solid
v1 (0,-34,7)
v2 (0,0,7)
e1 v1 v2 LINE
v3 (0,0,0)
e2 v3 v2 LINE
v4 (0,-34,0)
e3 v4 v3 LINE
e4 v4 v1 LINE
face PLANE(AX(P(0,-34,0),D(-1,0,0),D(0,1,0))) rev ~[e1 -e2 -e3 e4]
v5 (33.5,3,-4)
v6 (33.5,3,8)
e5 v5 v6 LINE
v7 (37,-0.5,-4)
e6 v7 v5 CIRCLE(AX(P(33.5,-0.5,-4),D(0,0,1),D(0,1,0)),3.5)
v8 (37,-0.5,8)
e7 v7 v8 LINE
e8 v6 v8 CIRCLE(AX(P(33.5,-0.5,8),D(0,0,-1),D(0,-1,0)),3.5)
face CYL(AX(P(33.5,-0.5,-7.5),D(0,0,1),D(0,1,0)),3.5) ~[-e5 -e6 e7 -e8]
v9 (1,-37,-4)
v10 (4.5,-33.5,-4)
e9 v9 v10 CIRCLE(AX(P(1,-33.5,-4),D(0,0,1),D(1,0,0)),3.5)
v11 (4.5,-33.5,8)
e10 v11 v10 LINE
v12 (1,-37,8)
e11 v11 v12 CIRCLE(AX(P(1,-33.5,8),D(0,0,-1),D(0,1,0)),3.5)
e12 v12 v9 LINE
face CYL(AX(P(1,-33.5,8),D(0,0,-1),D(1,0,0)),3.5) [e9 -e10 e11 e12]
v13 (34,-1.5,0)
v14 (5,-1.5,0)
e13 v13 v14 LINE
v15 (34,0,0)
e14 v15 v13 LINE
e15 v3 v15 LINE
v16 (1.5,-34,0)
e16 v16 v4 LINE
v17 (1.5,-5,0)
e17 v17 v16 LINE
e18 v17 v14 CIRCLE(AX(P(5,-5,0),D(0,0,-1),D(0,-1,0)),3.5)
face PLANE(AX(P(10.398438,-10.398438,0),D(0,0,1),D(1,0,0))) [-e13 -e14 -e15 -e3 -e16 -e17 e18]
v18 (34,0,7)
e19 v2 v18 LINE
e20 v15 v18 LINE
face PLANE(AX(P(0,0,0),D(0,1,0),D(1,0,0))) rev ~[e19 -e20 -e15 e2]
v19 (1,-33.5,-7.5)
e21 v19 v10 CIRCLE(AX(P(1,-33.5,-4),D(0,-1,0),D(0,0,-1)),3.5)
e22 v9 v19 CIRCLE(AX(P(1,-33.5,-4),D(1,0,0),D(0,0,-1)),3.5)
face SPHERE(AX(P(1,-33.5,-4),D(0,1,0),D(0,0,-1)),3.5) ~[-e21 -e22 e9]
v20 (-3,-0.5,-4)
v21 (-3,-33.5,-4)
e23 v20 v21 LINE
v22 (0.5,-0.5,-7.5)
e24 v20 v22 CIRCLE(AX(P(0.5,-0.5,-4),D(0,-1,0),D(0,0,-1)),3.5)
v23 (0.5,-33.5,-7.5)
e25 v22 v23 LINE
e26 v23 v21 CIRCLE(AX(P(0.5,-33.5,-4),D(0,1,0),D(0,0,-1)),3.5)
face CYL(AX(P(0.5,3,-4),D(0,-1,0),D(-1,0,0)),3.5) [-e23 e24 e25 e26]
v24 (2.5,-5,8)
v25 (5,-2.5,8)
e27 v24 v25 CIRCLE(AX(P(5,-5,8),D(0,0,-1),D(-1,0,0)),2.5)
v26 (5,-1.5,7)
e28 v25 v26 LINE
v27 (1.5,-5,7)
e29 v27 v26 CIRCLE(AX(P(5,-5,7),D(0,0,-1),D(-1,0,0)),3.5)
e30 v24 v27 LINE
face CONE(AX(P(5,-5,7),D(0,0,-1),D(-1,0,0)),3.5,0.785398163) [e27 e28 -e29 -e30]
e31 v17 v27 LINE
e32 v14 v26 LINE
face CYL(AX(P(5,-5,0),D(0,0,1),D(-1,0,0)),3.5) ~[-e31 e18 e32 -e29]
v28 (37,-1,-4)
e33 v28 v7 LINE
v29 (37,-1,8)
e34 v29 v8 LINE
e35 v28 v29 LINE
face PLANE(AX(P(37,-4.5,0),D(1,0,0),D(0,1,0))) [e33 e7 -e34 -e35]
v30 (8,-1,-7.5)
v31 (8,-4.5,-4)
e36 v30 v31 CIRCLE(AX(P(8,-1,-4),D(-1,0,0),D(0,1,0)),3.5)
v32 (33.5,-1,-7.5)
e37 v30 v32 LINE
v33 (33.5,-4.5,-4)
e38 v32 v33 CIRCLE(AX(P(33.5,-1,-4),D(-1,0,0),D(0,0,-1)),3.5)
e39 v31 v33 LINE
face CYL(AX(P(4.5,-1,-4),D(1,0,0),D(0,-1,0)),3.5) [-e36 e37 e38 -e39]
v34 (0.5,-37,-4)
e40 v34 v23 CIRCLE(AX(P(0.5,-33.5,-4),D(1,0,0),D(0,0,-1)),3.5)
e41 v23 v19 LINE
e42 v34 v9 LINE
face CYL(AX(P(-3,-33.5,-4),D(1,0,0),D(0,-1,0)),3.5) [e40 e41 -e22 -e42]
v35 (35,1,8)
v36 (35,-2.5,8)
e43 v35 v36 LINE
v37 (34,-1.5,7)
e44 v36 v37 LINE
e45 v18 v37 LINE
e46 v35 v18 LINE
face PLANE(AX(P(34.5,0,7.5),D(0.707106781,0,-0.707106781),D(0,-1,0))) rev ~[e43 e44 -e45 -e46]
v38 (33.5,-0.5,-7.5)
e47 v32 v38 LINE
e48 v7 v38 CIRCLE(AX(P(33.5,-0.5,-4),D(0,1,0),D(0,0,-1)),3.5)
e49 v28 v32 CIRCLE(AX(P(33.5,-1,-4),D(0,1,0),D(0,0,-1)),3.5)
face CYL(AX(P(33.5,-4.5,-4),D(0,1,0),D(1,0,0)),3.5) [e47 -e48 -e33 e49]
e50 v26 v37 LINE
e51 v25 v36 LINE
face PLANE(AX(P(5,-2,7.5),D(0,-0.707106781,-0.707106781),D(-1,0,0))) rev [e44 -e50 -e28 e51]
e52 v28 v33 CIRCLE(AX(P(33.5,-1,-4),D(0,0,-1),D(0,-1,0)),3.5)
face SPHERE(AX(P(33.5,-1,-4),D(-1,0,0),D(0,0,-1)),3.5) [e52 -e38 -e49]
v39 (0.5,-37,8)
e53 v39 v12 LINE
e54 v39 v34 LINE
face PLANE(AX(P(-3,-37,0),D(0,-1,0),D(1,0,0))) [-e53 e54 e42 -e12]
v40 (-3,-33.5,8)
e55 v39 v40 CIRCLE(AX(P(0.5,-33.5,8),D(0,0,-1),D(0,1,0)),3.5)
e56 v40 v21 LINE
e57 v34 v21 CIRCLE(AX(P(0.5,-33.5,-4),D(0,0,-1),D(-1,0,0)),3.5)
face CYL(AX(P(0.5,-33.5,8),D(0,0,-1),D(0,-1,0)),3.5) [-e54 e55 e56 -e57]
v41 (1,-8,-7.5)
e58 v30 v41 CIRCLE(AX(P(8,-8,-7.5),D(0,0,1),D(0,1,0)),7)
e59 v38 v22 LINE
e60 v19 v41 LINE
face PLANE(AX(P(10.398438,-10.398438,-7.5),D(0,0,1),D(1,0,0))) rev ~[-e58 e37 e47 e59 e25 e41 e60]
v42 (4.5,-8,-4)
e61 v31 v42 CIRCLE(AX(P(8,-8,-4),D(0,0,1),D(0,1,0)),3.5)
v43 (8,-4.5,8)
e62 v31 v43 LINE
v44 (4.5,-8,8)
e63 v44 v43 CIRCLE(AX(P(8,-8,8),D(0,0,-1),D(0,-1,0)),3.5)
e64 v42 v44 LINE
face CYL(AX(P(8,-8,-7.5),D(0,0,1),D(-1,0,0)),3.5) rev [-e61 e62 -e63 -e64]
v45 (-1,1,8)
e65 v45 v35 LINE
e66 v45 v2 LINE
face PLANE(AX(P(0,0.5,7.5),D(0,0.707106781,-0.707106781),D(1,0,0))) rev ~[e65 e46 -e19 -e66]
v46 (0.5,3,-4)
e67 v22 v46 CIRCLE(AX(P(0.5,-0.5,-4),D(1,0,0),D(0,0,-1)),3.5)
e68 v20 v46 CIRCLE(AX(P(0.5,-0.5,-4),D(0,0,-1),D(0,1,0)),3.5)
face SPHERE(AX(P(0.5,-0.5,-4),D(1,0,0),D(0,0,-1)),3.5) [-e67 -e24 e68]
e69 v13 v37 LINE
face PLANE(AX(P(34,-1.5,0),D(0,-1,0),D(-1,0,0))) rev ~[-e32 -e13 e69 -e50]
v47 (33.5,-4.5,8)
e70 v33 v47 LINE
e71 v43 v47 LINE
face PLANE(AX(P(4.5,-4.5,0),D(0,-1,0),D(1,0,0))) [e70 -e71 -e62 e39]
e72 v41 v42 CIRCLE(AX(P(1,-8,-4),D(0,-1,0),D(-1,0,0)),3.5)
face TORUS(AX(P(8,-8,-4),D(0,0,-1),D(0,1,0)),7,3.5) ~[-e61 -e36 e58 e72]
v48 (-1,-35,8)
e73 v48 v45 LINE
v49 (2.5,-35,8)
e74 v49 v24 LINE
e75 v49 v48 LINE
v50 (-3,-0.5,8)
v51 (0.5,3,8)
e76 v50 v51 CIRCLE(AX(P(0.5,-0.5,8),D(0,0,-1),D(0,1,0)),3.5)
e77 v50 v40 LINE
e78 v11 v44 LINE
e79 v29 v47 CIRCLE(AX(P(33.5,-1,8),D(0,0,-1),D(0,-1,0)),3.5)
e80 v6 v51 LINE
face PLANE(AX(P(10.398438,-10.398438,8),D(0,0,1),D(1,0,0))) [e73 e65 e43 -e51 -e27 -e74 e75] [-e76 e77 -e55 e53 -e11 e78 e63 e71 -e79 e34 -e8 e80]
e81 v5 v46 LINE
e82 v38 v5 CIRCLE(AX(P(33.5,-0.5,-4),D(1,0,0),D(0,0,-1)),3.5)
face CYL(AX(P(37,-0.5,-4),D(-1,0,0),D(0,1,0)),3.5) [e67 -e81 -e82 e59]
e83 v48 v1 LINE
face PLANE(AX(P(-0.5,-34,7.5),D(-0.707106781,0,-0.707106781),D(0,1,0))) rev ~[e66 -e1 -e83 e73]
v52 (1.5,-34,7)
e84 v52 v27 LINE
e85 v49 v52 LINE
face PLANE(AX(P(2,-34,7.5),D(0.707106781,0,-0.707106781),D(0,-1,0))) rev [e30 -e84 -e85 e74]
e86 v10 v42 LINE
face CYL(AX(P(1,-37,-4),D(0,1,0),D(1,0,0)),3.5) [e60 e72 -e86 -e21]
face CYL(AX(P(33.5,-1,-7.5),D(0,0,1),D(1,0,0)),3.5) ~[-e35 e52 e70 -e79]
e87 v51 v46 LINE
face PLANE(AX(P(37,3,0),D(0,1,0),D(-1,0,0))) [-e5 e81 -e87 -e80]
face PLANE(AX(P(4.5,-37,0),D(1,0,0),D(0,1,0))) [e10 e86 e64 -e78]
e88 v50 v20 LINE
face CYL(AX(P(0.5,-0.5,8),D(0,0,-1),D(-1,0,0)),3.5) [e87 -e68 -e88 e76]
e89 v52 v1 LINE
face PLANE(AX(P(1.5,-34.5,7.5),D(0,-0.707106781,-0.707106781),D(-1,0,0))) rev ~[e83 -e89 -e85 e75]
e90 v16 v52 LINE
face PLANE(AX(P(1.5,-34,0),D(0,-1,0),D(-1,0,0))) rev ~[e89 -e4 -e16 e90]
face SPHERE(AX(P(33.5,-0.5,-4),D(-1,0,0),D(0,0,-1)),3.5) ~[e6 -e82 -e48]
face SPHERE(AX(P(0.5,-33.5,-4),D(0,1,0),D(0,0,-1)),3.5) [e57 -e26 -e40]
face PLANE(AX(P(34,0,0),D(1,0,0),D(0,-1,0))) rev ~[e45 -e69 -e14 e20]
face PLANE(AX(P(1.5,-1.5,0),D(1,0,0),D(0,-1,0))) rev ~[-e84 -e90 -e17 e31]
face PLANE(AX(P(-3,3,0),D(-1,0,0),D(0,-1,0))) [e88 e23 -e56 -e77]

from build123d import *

# Parameters (mm, degrees)
F1_DEPTH = 8
F2_DEPTH = 7.5
F3_R     = 3.5
F4_SIZE  = 1


with BuildPart() as f1:
    # F0 (on Top) → F1 (new body)
    with BuildSketch(Plane.XY):
        Polygon((4.5, -37), (4.5, -4.5), (37, -4.5), (37, 3), (-3, 3), (-3, -37), align=None)
        Polygon((34, -1.5), (1.5, -1.5), (1.5, -34), (0, -34), (0, -1.5), (0, 0), (1.5, 0), (34, 0), align=None, mode=Mode.SUBTRACT)
    extrude(amount=F1_DEPTH)

    # F0 (on Top) → F2 (join)
    with BuildSketch(Plane.XY):
        Polygon((4.5, -37), (4.5, -4.5), (37, -4.5), (37, 3), (-3, 3), (-3, -37), align=None)
        Polygon((34, -1.5), (1.5, -1.5), (1.5, -34), (0, -34), (0, -1.5), (0, 0), (1.5, 0), (34, 0), align=None, mode=Mode.SUBTRACT)
        Polygon((1.5, -34), (1.5, -1.5), (34, -1.5), (34, 0), (1.5, 0), (0, 0), (0, -1.5), (0, -34), align=None)
    extrude(amount=-F2_DEPTH)

    # F3
    f3_edges = [f1.edges().sort_by_distance(p)[0] for p in [
        (20.75, -4.5, -7.5),
        (4.5, -20.75, -7.5),
        (17, 3, -7.5),
        (-3, -17, -7.5),
        (4.5, -4.5, 0.25),
        (-3, 3, 0.25),
        (0.75, -37, -7.5),
        (37, -0.75, -7.5),
        (4.5, -37, 0.25),
        (-3, -37, 0.25),
        (37, -4.5, 0.25),
        (37, 3, 0.25),
        (1.5, -1.5, 4),
    ]]
    fillet(f3_edges, radius=F3_R)

    # F4
    f4_edges = [f1.edges().sort_by_distance(p)[0] for p in [
        (0, -17, 8),
        (2.525126, -2.525126, 8),
        (17, 0, 8),
        (0.75, -34, 8),
        (34, -0.75, 8),
    ]]
    chamfer(f4_edges, length=F4_SIZE)


solid = f1.part
